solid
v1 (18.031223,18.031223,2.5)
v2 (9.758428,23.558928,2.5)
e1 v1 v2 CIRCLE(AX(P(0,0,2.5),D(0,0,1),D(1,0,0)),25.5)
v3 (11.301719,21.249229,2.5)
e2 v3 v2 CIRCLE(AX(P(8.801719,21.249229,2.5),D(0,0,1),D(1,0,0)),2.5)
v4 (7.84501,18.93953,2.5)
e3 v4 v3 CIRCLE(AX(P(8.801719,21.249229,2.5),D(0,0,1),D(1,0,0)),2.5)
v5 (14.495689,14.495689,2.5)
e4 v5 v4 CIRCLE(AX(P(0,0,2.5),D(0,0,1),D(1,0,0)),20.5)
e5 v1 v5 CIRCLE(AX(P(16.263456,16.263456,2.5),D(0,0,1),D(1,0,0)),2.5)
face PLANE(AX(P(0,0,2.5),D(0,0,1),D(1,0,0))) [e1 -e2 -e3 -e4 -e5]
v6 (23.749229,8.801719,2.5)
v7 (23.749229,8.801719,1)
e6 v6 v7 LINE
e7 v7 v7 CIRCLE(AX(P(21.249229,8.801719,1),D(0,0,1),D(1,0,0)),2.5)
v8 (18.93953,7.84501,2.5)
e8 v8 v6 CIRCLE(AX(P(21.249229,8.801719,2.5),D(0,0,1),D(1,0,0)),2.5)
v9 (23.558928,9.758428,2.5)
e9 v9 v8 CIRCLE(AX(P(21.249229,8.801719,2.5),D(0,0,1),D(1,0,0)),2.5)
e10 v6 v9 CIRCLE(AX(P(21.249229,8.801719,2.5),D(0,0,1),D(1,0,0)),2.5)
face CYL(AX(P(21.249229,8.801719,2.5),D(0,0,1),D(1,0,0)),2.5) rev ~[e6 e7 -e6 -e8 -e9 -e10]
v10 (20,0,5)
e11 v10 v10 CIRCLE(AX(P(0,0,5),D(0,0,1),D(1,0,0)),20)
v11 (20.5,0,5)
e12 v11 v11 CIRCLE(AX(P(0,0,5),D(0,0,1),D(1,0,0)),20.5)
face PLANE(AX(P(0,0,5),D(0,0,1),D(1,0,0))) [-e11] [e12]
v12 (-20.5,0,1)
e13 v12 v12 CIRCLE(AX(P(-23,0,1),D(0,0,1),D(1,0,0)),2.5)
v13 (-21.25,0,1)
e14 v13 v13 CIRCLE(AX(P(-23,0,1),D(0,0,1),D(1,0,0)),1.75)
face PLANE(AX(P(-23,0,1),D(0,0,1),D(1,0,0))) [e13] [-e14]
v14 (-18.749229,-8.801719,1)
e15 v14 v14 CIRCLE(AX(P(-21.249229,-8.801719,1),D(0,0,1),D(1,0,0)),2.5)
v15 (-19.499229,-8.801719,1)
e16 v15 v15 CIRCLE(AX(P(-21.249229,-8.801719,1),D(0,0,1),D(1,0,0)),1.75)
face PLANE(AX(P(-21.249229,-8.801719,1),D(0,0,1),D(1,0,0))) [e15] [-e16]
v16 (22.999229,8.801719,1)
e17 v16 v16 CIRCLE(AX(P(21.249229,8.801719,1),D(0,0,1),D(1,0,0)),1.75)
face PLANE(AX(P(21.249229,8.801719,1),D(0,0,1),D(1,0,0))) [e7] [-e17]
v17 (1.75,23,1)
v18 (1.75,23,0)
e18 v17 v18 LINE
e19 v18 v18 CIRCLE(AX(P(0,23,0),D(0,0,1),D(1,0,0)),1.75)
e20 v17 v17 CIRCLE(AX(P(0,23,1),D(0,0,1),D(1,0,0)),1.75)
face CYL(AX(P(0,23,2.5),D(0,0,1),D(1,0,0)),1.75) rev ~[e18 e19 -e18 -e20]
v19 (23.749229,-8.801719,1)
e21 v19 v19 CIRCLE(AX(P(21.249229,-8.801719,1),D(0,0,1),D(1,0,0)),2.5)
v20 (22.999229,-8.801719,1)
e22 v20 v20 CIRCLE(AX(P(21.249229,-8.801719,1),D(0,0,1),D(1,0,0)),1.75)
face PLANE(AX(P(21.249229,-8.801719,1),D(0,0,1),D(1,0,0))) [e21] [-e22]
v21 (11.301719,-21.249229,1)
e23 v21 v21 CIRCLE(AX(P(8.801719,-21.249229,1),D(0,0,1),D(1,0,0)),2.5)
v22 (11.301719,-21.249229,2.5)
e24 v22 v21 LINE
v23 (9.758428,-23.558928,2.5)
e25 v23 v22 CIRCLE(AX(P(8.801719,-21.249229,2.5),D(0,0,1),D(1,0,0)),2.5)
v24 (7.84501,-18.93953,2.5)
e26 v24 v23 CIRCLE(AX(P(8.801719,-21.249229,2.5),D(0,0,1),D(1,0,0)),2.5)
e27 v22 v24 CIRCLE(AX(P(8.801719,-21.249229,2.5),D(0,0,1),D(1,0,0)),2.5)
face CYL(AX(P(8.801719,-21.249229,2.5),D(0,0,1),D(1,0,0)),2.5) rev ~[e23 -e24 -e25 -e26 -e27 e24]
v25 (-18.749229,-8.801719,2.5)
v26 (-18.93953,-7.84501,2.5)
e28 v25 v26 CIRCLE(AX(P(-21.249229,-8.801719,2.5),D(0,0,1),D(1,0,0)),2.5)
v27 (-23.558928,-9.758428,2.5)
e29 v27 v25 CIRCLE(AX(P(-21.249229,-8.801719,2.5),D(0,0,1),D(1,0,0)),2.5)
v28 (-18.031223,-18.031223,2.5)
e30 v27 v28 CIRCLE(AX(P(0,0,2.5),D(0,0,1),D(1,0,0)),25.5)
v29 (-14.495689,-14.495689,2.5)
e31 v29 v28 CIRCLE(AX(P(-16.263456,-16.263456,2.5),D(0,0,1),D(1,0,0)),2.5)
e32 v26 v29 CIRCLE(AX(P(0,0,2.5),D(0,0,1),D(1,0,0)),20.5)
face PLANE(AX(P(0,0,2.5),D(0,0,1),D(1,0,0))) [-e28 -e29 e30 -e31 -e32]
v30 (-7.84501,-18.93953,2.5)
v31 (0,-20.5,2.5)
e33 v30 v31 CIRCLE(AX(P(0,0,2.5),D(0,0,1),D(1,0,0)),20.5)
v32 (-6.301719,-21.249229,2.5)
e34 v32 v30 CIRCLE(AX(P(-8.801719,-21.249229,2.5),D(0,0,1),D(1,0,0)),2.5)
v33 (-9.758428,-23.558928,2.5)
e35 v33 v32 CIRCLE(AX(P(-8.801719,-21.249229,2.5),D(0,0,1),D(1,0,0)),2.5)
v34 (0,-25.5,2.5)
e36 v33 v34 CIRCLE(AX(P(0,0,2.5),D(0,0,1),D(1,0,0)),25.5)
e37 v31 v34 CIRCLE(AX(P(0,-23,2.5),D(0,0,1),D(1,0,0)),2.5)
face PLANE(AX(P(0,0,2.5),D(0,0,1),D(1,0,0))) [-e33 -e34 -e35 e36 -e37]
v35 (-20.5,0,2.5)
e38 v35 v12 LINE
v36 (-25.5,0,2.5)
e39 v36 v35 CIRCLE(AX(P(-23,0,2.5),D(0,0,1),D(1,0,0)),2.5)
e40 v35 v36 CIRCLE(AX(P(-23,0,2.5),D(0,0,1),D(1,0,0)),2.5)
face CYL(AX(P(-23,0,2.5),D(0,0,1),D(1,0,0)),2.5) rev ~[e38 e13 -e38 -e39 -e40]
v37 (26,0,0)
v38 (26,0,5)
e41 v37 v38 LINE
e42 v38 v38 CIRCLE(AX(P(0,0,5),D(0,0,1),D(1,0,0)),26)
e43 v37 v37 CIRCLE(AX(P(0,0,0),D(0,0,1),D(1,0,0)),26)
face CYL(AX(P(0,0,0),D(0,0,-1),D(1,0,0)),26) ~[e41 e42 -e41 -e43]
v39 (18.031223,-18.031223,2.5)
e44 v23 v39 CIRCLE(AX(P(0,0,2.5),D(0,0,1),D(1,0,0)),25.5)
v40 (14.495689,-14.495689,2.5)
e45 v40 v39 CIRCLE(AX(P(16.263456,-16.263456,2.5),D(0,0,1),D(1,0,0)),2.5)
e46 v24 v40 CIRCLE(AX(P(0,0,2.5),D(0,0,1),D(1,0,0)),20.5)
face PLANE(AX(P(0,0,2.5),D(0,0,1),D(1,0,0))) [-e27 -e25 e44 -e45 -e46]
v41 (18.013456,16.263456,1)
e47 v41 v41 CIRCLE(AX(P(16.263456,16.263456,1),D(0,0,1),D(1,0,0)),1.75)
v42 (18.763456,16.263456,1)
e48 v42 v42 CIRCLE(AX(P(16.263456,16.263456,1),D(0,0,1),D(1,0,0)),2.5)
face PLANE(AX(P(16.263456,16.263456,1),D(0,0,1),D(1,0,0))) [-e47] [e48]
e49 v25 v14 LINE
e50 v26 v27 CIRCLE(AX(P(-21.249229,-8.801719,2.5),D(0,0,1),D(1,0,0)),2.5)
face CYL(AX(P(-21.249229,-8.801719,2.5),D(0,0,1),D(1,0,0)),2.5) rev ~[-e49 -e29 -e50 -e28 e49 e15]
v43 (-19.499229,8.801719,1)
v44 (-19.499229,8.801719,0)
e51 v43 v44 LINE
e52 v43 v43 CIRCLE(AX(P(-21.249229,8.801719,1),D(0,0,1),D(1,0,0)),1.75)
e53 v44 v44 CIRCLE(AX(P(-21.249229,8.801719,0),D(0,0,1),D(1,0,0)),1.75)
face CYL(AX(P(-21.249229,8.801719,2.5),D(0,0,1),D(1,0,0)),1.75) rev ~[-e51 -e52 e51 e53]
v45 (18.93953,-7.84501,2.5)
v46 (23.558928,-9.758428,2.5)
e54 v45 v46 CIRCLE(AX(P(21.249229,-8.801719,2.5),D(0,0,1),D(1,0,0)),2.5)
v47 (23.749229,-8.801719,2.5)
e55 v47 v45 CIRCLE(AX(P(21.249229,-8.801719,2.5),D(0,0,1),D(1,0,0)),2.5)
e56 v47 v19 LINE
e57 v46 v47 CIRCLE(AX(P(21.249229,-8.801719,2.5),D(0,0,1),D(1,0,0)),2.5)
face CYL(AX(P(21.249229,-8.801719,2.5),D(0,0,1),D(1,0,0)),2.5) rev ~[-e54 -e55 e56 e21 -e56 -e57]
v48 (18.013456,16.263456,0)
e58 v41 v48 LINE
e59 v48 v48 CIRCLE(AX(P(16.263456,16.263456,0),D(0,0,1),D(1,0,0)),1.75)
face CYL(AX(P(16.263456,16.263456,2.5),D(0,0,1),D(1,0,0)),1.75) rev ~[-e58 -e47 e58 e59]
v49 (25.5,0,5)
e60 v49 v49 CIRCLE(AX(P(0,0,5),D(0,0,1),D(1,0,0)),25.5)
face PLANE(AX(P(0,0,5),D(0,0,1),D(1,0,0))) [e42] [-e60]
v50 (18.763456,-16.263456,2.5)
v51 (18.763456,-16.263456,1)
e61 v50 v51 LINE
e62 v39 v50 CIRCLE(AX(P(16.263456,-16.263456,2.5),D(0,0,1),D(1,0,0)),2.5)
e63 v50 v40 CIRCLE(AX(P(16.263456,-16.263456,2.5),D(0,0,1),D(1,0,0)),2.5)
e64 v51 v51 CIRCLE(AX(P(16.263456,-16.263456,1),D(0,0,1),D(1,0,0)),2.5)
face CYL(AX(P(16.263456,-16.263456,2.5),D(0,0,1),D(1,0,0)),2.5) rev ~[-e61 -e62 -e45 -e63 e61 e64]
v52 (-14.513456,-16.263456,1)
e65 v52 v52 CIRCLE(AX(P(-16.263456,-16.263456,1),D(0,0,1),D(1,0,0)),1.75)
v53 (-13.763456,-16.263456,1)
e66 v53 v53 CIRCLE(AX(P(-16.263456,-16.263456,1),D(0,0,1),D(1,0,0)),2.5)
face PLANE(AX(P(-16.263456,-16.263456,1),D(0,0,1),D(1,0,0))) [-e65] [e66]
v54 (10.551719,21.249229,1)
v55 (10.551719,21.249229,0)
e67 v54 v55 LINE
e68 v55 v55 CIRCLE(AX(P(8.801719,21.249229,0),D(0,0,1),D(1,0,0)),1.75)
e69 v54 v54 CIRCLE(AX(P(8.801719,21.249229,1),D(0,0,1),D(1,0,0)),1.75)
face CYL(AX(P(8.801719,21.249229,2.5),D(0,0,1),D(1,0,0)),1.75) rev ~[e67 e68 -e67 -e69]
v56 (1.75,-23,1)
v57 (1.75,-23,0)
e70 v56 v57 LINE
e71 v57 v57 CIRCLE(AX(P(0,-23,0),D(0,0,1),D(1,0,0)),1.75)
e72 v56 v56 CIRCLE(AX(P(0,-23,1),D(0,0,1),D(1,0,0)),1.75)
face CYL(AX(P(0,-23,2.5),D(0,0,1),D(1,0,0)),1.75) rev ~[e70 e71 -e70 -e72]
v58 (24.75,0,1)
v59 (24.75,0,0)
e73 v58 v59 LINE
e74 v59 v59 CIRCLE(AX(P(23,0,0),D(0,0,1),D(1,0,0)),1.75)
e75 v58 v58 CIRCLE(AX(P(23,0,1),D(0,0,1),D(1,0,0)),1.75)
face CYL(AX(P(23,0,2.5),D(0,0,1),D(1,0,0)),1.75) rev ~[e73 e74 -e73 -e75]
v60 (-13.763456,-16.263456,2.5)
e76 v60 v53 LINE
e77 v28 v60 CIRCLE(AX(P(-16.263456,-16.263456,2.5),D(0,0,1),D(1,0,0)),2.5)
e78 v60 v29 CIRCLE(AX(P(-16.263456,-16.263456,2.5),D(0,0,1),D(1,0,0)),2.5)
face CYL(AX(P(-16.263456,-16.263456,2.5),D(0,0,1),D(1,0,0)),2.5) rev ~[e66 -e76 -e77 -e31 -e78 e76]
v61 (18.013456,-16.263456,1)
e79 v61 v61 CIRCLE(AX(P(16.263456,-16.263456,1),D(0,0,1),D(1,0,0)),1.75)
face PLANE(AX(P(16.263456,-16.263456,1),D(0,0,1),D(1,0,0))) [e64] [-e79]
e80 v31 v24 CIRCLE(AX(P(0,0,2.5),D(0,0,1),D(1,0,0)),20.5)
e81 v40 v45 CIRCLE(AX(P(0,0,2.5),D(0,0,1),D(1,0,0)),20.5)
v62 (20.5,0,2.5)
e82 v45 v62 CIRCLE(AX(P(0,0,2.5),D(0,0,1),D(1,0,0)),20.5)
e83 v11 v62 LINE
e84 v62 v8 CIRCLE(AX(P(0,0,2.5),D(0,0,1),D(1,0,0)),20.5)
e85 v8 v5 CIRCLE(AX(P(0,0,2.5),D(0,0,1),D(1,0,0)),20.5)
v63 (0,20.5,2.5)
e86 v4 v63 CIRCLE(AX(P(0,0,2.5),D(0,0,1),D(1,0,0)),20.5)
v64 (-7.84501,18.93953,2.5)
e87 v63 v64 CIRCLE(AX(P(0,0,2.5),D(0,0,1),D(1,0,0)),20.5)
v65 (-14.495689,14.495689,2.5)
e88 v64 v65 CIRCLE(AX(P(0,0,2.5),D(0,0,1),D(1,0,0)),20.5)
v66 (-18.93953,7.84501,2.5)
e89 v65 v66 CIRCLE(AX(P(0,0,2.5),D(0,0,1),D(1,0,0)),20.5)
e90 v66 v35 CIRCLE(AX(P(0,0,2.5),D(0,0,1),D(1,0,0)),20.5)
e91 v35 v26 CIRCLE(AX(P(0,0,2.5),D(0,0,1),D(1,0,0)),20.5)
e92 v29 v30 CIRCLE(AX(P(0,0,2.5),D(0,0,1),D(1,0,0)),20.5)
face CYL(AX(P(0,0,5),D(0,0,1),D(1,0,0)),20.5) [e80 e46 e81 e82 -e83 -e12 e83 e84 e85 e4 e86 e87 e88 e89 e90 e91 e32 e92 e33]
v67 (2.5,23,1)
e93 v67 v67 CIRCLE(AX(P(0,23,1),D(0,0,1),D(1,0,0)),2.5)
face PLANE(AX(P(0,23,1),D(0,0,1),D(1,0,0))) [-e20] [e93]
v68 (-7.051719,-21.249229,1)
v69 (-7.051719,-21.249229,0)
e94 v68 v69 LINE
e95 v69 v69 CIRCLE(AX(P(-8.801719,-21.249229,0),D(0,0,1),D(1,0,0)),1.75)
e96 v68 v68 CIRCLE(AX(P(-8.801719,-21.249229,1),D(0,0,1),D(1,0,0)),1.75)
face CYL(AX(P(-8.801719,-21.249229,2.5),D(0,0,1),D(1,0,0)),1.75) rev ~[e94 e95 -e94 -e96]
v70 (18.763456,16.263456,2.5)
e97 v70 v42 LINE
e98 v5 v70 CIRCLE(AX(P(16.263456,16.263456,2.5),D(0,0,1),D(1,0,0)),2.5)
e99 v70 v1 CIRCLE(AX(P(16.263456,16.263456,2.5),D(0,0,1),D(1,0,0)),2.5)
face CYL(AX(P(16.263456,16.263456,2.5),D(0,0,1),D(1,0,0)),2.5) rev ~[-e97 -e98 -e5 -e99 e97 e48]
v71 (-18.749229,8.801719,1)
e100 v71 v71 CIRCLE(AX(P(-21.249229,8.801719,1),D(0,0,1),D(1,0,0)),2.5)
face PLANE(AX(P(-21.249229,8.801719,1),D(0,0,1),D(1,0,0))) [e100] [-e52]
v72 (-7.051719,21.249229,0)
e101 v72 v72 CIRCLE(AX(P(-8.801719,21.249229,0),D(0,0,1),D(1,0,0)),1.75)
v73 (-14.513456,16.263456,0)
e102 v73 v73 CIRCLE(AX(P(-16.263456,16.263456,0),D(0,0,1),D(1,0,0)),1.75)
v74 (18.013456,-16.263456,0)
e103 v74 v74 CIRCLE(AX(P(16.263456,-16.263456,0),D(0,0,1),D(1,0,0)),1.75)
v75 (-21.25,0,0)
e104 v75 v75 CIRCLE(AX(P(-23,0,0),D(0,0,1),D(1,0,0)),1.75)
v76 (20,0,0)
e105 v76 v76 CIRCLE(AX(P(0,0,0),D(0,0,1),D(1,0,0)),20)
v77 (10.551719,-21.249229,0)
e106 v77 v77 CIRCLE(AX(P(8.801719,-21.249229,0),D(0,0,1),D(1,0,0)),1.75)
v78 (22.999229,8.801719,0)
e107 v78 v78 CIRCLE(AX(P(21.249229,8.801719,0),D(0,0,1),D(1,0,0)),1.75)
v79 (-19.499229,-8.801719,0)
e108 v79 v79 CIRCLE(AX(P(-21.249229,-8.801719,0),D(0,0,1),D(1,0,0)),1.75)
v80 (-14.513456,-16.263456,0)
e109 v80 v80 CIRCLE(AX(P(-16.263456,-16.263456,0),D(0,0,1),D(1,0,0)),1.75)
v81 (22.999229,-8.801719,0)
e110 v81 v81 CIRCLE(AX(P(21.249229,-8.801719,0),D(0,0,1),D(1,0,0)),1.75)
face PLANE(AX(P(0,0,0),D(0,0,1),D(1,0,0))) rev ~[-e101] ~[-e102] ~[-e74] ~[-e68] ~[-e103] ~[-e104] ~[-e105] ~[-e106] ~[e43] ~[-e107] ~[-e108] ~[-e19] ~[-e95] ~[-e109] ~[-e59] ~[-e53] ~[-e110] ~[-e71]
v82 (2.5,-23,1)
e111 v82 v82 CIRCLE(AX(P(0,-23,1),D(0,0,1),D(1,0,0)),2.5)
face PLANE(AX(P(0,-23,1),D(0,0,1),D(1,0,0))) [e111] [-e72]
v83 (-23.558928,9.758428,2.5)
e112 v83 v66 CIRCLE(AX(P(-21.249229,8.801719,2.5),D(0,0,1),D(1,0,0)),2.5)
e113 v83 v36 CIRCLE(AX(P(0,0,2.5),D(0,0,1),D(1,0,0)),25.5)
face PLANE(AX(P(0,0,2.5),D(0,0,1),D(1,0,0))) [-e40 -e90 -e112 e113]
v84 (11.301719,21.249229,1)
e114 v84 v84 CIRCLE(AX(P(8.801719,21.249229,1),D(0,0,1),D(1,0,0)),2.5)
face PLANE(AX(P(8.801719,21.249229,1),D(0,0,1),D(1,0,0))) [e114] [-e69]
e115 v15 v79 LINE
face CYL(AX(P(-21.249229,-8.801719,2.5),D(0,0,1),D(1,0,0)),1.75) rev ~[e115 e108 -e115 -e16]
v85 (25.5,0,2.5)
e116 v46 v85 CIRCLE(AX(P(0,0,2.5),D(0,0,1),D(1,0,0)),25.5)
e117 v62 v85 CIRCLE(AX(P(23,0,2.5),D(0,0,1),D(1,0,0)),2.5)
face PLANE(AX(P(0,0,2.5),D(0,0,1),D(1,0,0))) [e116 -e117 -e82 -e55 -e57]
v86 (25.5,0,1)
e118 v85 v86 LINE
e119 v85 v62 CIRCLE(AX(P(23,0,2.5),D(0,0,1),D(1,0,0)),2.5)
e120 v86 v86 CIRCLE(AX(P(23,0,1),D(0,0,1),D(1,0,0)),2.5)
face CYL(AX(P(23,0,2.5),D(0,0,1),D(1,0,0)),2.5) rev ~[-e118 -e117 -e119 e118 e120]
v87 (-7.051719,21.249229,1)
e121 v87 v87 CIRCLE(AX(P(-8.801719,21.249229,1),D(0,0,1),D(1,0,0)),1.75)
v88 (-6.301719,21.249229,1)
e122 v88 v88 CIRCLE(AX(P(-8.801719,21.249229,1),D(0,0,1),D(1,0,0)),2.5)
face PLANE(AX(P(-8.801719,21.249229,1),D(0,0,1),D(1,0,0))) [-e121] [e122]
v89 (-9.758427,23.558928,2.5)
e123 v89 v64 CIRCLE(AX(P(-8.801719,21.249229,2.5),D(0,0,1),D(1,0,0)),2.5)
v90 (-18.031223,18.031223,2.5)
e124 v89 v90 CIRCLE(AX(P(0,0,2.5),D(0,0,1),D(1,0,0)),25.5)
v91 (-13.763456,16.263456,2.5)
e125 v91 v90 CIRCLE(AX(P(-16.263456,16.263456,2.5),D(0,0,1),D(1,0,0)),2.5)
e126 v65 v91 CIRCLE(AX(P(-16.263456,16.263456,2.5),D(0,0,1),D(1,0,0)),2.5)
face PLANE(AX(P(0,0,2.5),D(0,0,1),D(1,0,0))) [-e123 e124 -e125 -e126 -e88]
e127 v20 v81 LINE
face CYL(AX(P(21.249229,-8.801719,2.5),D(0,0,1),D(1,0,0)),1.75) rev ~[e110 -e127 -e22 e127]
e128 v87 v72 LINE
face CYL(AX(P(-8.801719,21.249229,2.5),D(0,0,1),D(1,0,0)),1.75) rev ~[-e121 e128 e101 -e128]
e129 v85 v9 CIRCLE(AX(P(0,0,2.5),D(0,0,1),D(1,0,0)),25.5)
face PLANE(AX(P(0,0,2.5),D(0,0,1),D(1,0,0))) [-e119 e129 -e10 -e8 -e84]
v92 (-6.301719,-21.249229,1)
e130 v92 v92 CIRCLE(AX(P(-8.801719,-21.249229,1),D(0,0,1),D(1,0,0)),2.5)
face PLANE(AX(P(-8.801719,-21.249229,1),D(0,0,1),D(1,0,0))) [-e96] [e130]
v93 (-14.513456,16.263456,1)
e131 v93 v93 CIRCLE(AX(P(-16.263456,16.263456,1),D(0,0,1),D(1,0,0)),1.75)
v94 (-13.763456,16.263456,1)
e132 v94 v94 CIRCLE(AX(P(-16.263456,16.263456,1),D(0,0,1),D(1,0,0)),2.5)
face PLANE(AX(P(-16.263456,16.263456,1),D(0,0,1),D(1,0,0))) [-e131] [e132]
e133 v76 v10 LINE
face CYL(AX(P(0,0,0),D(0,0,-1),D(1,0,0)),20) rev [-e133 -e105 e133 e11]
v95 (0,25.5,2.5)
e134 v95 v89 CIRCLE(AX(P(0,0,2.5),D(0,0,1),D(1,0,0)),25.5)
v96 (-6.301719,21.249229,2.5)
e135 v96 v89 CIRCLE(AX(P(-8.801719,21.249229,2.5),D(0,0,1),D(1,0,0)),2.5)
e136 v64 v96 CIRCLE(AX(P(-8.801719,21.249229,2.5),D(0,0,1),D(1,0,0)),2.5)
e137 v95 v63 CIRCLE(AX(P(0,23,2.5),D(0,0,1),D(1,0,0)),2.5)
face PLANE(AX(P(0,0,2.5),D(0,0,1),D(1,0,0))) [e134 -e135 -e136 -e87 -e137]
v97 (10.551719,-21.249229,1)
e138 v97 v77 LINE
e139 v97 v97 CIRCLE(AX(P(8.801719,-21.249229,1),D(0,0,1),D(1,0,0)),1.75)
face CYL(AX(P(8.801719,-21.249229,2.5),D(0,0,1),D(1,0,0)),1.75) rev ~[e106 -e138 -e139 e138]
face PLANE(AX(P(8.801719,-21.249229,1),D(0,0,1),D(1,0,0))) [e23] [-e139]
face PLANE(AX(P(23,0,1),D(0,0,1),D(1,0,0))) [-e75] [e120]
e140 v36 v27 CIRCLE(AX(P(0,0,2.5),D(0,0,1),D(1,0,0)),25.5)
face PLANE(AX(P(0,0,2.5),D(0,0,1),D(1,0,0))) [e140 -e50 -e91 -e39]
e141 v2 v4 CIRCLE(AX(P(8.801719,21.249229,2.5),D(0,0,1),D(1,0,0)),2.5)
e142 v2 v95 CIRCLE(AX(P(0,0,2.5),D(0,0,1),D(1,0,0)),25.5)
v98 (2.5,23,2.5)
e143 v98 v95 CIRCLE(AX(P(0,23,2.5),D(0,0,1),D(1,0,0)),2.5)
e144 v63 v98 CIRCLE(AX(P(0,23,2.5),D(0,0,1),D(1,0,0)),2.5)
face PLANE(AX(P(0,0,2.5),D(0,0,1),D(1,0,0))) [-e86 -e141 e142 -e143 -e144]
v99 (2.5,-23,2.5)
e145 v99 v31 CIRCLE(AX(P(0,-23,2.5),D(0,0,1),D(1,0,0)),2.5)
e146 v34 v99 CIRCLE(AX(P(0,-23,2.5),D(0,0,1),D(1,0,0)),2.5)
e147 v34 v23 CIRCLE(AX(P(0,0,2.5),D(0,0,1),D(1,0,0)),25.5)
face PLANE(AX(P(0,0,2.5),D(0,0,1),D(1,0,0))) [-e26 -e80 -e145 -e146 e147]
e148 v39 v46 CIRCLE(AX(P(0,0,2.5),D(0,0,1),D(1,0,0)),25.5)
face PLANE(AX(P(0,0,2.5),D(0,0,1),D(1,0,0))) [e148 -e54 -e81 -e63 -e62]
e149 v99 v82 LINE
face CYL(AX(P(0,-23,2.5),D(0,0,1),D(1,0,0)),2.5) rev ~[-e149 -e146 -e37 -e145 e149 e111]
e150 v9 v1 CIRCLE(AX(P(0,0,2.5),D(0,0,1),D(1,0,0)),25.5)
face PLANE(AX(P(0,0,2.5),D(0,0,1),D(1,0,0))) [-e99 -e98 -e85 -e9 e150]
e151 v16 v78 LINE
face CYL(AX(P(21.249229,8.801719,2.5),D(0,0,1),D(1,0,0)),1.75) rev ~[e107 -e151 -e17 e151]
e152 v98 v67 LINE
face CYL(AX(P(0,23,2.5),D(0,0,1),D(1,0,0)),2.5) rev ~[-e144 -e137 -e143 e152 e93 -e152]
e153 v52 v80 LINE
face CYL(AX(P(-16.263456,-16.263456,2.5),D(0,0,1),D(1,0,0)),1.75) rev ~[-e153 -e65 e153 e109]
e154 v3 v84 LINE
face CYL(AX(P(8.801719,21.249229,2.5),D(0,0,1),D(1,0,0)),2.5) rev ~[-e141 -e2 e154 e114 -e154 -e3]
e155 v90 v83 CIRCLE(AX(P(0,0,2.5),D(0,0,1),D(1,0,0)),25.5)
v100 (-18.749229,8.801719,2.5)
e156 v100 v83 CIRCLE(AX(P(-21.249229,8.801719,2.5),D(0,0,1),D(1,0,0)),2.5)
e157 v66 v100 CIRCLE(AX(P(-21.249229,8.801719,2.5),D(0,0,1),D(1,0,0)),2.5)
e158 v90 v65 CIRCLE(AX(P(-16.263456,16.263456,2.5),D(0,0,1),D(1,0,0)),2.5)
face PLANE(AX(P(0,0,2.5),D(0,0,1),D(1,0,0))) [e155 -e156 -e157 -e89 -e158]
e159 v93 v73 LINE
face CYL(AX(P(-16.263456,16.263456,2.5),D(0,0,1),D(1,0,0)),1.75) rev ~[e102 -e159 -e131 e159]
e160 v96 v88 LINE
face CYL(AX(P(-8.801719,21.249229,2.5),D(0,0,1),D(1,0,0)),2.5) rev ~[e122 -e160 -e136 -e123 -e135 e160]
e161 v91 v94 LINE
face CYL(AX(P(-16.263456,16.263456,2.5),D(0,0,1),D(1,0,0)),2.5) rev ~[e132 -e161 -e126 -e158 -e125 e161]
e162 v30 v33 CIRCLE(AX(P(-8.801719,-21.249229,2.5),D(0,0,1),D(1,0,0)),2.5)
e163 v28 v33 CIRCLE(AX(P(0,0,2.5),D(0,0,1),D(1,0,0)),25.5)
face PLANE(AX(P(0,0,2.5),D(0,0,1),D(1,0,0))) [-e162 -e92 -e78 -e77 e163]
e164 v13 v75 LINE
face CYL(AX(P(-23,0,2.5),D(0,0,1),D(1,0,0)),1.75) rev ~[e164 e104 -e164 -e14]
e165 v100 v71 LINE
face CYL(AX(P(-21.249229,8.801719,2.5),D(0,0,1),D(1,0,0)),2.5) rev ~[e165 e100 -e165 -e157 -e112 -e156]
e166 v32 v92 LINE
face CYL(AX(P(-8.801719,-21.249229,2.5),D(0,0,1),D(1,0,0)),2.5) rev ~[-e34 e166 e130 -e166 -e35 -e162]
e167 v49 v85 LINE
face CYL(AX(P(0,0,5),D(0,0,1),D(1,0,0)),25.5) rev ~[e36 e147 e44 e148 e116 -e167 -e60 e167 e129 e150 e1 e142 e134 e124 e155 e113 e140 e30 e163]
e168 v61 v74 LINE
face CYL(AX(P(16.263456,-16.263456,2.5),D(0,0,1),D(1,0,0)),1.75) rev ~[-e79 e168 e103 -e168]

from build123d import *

# Parameters (mm, degrees)
F0_R     = 26
F0_R_2   = 20
F1_DEPTH = 5
F2_R     = 25.5
F2_R_2   = 20.5
F3_DEPTH = 2.5
F4_R     = 2.5
F5_DEPTH = 1.5
F6_R     = 1.75
F7_DEPTH = 2.501


with BuildPart() as f1:
    # F0 (on Top) → F1 (new body)
    with BuildSketch(Plane.XY):
        Circle(F0_R)
        Circle(F0_R_2, mode=Mode.SUBTRACT)
    extrude(amount=F1_DEPTH)

    # F2 (on face) → F3 (cut)
    with BuildSketch(Plane.XY.offset(5)):
        Circle(F2_R)
        Circle(F2_R_2, mode=Mode.SUBTRACT)
    extrude(amount=-F3_DEPTH, mode=Mode.SUBTRACT)

    # F4 (on face) → F5 (cut)
    with BuildSketch(Plane.XY.offset(2.5)):
        with Locations((23, 0)):
            Circle(F4_R)
        with Locations((21.249229, -8.801719)):
            Circle(F4_R)
        with Locations((16.263456, -16.263456)):
            Circle(F4_R)
        with Locations((8.801719, -21.249229)):
            Circle(F4_R)
        with Locations((0, -23)):
            Circle(F4_R)
        with Locations((-8.801719, -21.249229)):
            Circle(F4_R)
        with Locations((-16.263456, -16.263456)):
            Circle(F4_R)
        with Locations((-21.249229, -8.801719)):
            Circle(F4_R)
        with Locations((-23, 0)):
            Circle(F4_R)
        with Locations((-21.249229, 8.801719)):
            Circle(F4_R)
        with Locations((-16.263456, 16.263456)):
            Circle(F4_R)
        with Locations((-8.801719, 21.249229)):
            Circle(F4_R)
        with Locations((0, 23)):
            Circle(F4_R)
        with Locations((8.801719, 21.249229)):
            Circle(F4_R)
        with Locations((16.263456, 16.263456)):
            Circle(F4_R)
        with Locations((21.249229, 8.801719)):
            Circle(F4_R)
    extrude(amount=-F5_DEPTH, mode=Mode.SUBTRACT)

    # F6 (on face) → F7 (cut, through all)
    with BuildSketch(Plane.XY.offset(2.5)):
        with Locations((23, 0)):
            Circle(F6_R)
        with Locations((21.249229, 8.801719)):
            Circle(F6_R)
        with Locations((16.263456, 16.263456)):
            Circle(F6_R)
        with Locations((8.801719, 21.249229)):
            Circle(F6_R)
        with Locations((0, 23)):
            Circle(F6_R)
        with Locations((-8.801719, 21.249229)):
            Circle(F6_R)
        with Locations((-16.263456, 16.263456)):
            Circle(F6_R)
        with Locations((-21.249229, 8.801719)):
            Circle(F6_R)
        with Locations((-23, 0)):
            Circle(F6_R)
        with Locations((-21.249229, -8.801719)):
            Circle(F6_R)
        with Locations((-16.263456, -16.263456)):
            Circle(F6_R)
        with Locations((-8.801719, -21.249229)):
            Circle(F6_R)
        with Locations((0, -23)):
            Circle(F6_R)
        with Locations((8.801719, -21.249229)):
            Circle(F6_R)
        with Locations((16.263456, -16.263456)):
            Circle(F6_R)
        with Locations((21.249229, -8.801719)):
            Circle(F6_R)
    extrude(amount=-F7_DEPTH, mode=Mode.SUBTRACT)


solid = f1.part
